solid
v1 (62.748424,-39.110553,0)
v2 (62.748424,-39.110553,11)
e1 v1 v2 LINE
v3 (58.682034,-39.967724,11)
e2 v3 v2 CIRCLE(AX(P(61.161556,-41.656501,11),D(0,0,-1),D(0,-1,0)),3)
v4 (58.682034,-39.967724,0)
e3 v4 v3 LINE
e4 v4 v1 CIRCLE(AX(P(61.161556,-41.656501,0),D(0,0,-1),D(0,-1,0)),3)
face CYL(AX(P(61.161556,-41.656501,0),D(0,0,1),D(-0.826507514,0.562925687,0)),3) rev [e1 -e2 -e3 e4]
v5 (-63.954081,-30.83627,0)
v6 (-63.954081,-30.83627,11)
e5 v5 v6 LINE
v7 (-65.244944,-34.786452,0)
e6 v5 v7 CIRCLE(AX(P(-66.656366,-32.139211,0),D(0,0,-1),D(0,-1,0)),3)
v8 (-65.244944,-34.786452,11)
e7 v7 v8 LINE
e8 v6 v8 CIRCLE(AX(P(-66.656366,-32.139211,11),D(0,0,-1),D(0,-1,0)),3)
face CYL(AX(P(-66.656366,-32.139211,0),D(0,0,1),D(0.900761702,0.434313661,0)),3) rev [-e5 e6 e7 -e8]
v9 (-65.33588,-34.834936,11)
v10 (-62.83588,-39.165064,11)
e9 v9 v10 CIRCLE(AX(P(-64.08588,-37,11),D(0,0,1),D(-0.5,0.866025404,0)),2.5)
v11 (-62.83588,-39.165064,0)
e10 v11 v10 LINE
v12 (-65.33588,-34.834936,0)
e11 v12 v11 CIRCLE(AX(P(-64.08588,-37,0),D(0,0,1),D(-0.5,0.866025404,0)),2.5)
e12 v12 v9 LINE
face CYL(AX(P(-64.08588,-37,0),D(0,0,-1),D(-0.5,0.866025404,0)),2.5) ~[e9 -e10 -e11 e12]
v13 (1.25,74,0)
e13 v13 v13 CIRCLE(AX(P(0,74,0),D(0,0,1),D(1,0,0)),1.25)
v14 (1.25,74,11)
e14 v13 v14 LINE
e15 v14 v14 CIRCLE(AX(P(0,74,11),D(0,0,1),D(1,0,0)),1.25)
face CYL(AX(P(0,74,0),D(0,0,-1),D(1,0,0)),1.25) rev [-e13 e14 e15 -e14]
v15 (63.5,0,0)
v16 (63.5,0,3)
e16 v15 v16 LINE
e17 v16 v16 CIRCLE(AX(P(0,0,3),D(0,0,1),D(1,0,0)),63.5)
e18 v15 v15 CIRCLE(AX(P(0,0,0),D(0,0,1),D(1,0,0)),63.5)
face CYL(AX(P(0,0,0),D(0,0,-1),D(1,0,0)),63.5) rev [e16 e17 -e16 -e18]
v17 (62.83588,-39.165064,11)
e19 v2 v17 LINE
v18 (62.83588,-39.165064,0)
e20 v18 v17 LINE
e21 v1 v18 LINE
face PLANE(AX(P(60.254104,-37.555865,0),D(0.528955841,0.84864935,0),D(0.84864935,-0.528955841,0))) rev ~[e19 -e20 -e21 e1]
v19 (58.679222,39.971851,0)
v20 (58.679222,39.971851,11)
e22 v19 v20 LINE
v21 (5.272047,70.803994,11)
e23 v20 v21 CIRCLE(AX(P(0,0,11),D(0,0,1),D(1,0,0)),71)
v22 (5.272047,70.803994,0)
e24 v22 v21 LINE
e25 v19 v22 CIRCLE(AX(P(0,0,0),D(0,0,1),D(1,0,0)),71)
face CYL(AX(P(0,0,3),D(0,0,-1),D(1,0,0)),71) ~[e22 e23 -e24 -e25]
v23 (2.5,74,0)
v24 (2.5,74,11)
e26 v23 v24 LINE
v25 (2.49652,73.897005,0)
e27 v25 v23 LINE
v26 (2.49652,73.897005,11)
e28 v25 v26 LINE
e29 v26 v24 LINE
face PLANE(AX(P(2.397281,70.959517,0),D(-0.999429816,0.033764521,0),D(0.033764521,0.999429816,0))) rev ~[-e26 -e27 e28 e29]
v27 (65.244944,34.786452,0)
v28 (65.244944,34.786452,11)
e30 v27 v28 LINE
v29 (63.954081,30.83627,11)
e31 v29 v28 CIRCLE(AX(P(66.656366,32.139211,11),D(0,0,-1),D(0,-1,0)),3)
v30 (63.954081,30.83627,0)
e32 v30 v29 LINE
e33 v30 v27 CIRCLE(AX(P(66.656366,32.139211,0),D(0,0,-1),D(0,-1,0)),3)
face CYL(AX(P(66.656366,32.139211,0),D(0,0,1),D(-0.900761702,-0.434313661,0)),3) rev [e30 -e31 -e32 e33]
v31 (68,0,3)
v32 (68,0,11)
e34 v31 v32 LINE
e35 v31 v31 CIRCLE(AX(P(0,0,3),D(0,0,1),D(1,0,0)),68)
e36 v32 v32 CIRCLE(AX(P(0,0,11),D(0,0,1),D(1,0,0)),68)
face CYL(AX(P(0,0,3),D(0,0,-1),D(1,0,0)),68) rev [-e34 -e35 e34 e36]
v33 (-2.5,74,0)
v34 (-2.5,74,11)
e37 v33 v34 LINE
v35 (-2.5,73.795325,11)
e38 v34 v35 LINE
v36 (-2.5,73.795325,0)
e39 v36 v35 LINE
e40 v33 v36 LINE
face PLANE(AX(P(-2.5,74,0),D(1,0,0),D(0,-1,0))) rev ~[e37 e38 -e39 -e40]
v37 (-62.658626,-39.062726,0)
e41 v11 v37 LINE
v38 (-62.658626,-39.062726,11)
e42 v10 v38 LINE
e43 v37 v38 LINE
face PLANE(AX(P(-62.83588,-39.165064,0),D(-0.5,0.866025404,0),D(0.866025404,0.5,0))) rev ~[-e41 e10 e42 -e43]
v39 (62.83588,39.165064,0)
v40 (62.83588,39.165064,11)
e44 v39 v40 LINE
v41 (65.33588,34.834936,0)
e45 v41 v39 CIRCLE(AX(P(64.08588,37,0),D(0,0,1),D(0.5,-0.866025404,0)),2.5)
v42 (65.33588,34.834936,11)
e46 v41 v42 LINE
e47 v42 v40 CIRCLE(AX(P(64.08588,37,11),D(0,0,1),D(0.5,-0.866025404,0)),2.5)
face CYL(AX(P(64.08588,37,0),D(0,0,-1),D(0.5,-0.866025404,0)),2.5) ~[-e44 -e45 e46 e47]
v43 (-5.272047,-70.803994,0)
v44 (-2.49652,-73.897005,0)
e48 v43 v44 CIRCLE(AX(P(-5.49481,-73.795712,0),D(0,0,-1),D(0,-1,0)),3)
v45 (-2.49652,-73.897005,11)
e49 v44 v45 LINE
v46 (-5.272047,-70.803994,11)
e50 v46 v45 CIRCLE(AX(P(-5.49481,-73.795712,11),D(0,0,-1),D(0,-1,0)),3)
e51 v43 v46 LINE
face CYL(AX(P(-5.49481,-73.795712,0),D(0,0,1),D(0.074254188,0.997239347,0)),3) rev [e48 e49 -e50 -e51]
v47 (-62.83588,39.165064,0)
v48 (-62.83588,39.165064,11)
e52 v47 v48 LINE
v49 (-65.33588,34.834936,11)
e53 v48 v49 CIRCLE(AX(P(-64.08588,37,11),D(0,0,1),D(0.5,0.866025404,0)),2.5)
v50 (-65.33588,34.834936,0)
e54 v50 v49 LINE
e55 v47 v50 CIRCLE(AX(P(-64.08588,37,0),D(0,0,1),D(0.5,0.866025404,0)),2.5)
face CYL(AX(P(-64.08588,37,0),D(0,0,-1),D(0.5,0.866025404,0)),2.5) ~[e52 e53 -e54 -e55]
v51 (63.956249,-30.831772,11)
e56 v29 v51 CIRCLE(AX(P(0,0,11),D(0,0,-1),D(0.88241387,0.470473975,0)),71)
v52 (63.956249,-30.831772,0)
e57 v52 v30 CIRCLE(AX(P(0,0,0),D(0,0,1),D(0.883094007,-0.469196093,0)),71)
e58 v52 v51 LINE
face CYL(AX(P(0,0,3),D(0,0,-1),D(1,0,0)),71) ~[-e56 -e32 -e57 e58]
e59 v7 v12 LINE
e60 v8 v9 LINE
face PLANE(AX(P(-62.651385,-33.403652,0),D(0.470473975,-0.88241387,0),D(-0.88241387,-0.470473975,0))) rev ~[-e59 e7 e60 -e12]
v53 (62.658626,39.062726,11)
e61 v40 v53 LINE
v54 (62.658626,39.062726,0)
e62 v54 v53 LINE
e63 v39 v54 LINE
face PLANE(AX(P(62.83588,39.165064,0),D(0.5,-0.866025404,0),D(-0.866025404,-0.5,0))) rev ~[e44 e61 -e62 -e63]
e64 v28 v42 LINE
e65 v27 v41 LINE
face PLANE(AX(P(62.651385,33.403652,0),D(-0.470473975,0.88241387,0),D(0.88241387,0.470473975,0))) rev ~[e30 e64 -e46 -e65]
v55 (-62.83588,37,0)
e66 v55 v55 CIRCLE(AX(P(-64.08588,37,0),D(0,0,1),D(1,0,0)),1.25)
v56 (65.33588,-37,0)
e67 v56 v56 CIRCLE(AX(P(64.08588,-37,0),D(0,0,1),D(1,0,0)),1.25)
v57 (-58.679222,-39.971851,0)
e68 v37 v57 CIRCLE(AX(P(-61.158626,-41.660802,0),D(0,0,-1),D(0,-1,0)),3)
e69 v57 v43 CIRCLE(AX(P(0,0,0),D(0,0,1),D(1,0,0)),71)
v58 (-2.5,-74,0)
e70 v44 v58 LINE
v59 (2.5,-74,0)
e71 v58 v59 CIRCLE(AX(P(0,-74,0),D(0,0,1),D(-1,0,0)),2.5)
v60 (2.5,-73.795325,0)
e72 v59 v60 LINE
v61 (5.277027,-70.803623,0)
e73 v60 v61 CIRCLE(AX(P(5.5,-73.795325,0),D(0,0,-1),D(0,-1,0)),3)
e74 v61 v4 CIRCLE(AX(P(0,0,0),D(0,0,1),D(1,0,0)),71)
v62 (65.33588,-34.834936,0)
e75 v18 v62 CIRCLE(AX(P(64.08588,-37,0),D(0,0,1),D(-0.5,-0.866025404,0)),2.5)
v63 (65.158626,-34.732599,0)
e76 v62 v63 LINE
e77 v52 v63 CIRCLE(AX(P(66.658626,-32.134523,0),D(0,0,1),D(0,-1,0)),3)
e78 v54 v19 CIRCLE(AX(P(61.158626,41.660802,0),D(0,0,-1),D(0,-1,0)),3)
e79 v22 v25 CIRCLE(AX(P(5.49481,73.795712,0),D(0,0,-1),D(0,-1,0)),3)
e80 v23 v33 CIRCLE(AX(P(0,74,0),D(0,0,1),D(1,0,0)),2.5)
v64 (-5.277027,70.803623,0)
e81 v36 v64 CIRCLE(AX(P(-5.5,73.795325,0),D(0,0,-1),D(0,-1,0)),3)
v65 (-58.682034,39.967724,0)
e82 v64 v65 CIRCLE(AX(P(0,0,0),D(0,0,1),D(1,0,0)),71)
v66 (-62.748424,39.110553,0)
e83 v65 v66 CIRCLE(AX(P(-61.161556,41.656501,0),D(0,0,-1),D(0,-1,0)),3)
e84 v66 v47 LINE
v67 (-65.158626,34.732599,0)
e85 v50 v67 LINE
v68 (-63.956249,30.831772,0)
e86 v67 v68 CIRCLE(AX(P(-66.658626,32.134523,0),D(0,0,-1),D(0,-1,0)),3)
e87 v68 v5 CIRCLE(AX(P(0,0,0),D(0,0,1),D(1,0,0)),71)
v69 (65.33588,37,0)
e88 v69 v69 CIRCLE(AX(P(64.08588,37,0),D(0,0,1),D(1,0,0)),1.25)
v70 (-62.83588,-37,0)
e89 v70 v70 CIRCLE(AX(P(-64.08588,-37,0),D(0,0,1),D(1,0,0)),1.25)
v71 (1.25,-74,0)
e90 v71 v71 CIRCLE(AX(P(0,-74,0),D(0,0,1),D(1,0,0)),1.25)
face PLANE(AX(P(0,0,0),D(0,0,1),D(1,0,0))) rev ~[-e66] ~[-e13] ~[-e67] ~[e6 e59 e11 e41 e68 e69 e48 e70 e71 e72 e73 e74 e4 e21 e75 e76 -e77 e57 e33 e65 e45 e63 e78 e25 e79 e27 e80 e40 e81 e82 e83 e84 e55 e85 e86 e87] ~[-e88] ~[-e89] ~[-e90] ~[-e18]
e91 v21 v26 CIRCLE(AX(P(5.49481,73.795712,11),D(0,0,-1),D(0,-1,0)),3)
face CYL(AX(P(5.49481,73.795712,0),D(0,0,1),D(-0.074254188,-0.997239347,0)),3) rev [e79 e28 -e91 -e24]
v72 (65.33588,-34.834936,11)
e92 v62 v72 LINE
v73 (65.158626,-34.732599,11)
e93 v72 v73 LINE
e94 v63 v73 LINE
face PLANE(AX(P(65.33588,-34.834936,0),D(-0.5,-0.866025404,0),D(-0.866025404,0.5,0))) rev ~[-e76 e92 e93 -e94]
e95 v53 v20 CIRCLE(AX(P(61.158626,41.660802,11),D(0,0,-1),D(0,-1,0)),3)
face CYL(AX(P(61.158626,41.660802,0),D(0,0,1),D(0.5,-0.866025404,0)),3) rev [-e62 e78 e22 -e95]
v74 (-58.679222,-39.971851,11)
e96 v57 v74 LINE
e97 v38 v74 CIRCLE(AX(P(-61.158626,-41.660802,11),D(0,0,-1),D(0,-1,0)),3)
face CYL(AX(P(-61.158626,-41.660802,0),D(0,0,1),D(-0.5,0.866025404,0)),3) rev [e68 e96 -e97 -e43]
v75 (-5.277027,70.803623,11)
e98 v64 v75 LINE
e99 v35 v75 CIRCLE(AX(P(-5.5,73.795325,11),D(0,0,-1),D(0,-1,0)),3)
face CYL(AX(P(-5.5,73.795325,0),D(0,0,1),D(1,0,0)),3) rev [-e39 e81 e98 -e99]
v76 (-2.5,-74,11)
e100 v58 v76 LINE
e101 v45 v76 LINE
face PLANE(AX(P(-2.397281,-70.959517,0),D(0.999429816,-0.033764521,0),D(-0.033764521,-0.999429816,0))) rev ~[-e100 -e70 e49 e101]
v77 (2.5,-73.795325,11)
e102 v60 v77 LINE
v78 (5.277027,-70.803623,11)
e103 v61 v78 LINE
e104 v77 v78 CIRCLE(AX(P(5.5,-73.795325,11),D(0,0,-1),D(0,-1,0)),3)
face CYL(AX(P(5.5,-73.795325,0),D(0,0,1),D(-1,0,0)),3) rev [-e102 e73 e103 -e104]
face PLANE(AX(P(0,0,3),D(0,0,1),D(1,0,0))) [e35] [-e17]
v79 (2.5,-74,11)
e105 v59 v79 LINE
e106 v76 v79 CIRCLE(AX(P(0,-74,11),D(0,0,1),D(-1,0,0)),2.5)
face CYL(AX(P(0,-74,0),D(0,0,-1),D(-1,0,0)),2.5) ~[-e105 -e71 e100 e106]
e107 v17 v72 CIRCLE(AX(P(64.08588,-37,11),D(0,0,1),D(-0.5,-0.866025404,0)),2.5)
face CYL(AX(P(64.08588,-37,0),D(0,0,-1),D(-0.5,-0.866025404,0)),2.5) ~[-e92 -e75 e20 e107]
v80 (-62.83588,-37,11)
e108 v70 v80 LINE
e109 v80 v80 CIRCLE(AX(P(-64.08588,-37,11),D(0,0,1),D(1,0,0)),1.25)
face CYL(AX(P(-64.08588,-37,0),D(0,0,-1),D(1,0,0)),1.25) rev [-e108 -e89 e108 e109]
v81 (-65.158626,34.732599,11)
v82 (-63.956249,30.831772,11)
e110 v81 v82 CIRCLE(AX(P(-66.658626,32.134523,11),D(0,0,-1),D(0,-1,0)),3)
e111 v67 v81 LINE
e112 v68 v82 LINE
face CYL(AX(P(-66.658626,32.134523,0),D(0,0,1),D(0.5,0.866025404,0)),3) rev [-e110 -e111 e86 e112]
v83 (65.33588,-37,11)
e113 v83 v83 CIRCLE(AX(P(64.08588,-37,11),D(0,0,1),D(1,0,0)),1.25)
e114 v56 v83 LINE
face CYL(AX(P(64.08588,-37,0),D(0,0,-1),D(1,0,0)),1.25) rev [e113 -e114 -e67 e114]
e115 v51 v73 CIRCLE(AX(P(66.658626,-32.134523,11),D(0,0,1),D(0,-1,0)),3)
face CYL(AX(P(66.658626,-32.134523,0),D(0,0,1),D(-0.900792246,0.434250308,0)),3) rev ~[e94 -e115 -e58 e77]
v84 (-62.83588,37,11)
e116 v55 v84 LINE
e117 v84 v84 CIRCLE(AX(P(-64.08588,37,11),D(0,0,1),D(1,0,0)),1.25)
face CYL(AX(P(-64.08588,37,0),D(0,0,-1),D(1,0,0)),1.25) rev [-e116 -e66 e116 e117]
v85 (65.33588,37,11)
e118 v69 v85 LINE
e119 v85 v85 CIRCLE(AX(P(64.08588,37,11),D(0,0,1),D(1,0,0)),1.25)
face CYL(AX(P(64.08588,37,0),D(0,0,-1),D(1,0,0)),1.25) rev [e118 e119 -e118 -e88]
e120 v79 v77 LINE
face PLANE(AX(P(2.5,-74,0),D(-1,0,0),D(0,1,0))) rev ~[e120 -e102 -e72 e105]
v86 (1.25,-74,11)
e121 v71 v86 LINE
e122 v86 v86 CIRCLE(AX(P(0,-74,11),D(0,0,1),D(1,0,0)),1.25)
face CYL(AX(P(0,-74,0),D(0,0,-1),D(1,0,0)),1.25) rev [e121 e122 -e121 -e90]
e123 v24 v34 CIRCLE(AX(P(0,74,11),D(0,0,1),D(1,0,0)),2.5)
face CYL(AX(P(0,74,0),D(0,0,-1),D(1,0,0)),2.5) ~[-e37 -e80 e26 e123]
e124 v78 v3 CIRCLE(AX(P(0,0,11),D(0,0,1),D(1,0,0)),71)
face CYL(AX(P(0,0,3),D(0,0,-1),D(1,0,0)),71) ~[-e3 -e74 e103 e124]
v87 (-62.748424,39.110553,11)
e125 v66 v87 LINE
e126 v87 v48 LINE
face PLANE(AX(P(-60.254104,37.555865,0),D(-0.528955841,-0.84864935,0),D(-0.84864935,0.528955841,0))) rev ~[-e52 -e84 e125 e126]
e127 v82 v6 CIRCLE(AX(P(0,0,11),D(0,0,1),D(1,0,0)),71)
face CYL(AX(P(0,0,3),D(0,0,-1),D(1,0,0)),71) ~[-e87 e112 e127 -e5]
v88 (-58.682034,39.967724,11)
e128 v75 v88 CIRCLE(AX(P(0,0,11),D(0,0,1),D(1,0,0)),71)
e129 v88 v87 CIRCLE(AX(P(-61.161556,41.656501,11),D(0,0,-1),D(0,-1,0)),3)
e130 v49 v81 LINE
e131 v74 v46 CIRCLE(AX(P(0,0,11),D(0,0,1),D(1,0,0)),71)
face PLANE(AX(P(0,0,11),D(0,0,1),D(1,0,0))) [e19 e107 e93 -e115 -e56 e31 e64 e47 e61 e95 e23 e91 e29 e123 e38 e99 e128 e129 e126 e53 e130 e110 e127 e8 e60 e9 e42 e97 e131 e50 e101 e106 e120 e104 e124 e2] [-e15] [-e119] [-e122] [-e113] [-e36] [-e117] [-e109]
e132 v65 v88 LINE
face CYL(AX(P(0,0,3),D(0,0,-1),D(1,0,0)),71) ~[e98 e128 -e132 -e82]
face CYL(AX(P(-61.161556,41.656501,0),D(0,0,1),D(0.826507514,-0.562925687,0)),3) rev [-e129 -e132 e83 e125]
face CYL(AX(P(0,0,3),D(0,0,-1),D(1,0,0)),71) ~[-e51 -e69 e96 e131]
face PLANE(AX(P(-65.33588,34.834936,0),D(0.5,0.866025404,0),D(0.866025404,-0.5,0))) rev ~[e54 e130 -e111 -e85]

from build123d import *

# Parameters (mm, degrees)
SKETCH_1_R      = 71
SKETCH_1_R_2    = 63.5
EXTRUDE_1_DEPTH = 3
SKETCH_2_R      = 71
SKETCH_2_R_2    = 68
EXTRUDE_2_DEPTH = 8
EXTRUDE_START   = -11
SKETCH_3_R      = 1.25
EXTRUDE_3_DEPTH = 11
FILLET_2_R      = 3


with BuildPart() as part:
    # 草图1 → 凸台-拉伸1 (new body)
    with BuildSketch(Plane.XY):
        Circle(SKETCH_1_R)
        Circle(SKETCH_1_R_2, mode=Mode.SUBTRACT)
    extrude(amount=EXTRUDE_1_DEPTH)

    # 草图2 → 凸台-拉伸2 (add)
    with BuildSketch(Plane.XY.offset(3)):
        Circle(SKETCH_2_R)
        Circle(SKETCH_2_R_2, mode=Mode.SUBTRACT)
    extrude(amount=EXTRUDE_2_DEPTH)

    # 草图3 → 凸台-拉伸3 (add)
    # profile 1 of 6: a face of its own
    with BuildSketch(Plane.XY.offset(11).offset(EXTRUDE_START)):
        with BuildLine():
            ThreePointArc((2.5, 74), (0, 76.5), (-2.5, 74))
            Line((-2.5, 74), (-2.5, 70.955972264))
            ThreePointArc((-2.5, 70.955972264), (-0.051390082, 70.999981402), (2.397280978, 70.959516937))
            Line((2.397280978, 70.959516937), (2.5, 74))
        make_face()
        with Locations((0, 74)):
            Circle(SKETCH_3_R, mode=Mode.SUBTRACT)
    # profile 2 of 6: a face of its own
    with BuildSketch(Plane.XY.offset(11).offset(EXTRUDE_START)):
        with BuildLine():
            ThreePointArc((65.33587988, 34.834936491), (66.25094339, 38.25), (62.83587988, 39.165063509))
            Line((62.83587988, 39.165063509), (60.199674531, 37.643049642))
            ThreePointArc((60.199674531, 37.643049642), (61.462092521, 35.544495818), (62.651384796, 33.403652242))
            Line((62.651384796, 33.403652242), (65.33587988, 34.834936491))
        make_face()
        with Locations((64.08587988, 37)):
            Circle(SKETCH_3_R, mode=Mode.SUBTRACT)
    # profile 3 of 6: a face of its own
    with BuildSketch(Plane.XY.offset(11).offset(EXTRUDE_START)):
        with BuildLine():
            ThreePointArc((62.83587988, -39.165063509), (66.25094339, -38.25), (65.33587988, -34.834936491))
            Line((65.33587988, -34.834936491), (62.699674531, -33.312922623))
            ThreePointArc((62.699674531, -33.312922623), (61.513482603, -35.455485584), (60.254103819, -37.555864695))
            Line((60.254103819, -37.555864695), (62.83587988, -39.165063509))
        make_face()
        with Locations((64.08587988, -37)):
            Circle(SKETCH_3_R, mode=Mode.SUBTRACT)
    # profile 4 of 6: a face of its own
    with BuildSketch(Plane.XY.offset(11).offset(EXTRUDE_START)):
        with BuildLine():
            ThreePointArc((-2.5, -74), (0, -76.5), (2.5, -74))
            Line((2.5, -74), (2.5, -70.955972264))
            ThreePointArc((2.5, -70.955972264), (0.051390082, -70.999981402), (-2.397280978, -70.959516937))
            Line((-2.397280978, -70.959516937), (-2.5, -74))
        make_face()
        with Locations((0, -74)):
            Circle(SKETCH_3_R, mode=Mode.SUBTRACT)
    # profile 5 of 6: a face of its own
    with BuildSketch(Plane.XY.offset(11).offset(EXTRUDE_START)):
        with BuildLine():
            ThreePointArc((-65.33587988, -34.834936491), (-66.25094339, -38.25), (-62.83587988, -39.165063509))
            Line((-62.83587988, -39.165063509), (-60.199674531, -37.643049642))
            ThreePointArc((-60.199674531, -37.643049642), (-61.462092521, -35.544495818), (-62.651384796, -33.403652242))
            Line((-62.651384796, -33.403652242), (-65.33587988, -34.834936491))
        make_face()
        with Locations((-64.08587988, -37)):
            Circle(SKETCH_3_R, mode=Mode.SUBTRACT)
    # profile 6 of 6: a face of its own
    with BuildSketch(Plane.XY.offset(11).offset(EXTRUDE_START)):
        with BuildLine():
            ThreePointArc((-62.83587988, 39.165063509), (-66.25094339, 38.25), (-65.33587988, 34.834936491))
            Line((-65.33587988, 34.834936491), (-62.699674531, 33.312922623))
            ThreePointArc((-62.699674531, 33.312922623), (-61.513482603, 35.455485584), (-60.254103819, 37.555864695))
            Line((-60.254103819, 37.555864695), (-62.83587988, 39.165063509))
        make_face()
        with Locations((-64.08587988, 37)):
            Circle(SKETCH_3_R, mode=Mode.SUBTRACT)
    extrude(amount=EXTRUDE_3_DEPTH)

    # 圆角2
    fillet_2_edges = [part.edges().sort_by_distance(p)[0] for p in [
        (60.254103819, -37.555864695, 5.5),
        (62.699674531, -33.312922623, 5.5),
        (-2.397280978, -70.959516937, 5.5),
        (2.5, -70.955972264, 5.5),
        (-62.651384796, -33.403652242, 5.5),
        (-60.199674531, -37.643049642, 5.5),
        (-60.254103819, 37.555864695, 5.5),
        (-62.699674531, 33.312922623, 5.5),
        (2.397280978, 70.959516937, 5.5),
        (-2.5, 70.955972264, 5.5),
        (62.651384796, 33.403652242, 5.5),
        (60.199674531, 37.643049642, 5.5),
    ]]
    fillet(fillet_2_edges, radius=FILLET_2_R)


solid = part.part
